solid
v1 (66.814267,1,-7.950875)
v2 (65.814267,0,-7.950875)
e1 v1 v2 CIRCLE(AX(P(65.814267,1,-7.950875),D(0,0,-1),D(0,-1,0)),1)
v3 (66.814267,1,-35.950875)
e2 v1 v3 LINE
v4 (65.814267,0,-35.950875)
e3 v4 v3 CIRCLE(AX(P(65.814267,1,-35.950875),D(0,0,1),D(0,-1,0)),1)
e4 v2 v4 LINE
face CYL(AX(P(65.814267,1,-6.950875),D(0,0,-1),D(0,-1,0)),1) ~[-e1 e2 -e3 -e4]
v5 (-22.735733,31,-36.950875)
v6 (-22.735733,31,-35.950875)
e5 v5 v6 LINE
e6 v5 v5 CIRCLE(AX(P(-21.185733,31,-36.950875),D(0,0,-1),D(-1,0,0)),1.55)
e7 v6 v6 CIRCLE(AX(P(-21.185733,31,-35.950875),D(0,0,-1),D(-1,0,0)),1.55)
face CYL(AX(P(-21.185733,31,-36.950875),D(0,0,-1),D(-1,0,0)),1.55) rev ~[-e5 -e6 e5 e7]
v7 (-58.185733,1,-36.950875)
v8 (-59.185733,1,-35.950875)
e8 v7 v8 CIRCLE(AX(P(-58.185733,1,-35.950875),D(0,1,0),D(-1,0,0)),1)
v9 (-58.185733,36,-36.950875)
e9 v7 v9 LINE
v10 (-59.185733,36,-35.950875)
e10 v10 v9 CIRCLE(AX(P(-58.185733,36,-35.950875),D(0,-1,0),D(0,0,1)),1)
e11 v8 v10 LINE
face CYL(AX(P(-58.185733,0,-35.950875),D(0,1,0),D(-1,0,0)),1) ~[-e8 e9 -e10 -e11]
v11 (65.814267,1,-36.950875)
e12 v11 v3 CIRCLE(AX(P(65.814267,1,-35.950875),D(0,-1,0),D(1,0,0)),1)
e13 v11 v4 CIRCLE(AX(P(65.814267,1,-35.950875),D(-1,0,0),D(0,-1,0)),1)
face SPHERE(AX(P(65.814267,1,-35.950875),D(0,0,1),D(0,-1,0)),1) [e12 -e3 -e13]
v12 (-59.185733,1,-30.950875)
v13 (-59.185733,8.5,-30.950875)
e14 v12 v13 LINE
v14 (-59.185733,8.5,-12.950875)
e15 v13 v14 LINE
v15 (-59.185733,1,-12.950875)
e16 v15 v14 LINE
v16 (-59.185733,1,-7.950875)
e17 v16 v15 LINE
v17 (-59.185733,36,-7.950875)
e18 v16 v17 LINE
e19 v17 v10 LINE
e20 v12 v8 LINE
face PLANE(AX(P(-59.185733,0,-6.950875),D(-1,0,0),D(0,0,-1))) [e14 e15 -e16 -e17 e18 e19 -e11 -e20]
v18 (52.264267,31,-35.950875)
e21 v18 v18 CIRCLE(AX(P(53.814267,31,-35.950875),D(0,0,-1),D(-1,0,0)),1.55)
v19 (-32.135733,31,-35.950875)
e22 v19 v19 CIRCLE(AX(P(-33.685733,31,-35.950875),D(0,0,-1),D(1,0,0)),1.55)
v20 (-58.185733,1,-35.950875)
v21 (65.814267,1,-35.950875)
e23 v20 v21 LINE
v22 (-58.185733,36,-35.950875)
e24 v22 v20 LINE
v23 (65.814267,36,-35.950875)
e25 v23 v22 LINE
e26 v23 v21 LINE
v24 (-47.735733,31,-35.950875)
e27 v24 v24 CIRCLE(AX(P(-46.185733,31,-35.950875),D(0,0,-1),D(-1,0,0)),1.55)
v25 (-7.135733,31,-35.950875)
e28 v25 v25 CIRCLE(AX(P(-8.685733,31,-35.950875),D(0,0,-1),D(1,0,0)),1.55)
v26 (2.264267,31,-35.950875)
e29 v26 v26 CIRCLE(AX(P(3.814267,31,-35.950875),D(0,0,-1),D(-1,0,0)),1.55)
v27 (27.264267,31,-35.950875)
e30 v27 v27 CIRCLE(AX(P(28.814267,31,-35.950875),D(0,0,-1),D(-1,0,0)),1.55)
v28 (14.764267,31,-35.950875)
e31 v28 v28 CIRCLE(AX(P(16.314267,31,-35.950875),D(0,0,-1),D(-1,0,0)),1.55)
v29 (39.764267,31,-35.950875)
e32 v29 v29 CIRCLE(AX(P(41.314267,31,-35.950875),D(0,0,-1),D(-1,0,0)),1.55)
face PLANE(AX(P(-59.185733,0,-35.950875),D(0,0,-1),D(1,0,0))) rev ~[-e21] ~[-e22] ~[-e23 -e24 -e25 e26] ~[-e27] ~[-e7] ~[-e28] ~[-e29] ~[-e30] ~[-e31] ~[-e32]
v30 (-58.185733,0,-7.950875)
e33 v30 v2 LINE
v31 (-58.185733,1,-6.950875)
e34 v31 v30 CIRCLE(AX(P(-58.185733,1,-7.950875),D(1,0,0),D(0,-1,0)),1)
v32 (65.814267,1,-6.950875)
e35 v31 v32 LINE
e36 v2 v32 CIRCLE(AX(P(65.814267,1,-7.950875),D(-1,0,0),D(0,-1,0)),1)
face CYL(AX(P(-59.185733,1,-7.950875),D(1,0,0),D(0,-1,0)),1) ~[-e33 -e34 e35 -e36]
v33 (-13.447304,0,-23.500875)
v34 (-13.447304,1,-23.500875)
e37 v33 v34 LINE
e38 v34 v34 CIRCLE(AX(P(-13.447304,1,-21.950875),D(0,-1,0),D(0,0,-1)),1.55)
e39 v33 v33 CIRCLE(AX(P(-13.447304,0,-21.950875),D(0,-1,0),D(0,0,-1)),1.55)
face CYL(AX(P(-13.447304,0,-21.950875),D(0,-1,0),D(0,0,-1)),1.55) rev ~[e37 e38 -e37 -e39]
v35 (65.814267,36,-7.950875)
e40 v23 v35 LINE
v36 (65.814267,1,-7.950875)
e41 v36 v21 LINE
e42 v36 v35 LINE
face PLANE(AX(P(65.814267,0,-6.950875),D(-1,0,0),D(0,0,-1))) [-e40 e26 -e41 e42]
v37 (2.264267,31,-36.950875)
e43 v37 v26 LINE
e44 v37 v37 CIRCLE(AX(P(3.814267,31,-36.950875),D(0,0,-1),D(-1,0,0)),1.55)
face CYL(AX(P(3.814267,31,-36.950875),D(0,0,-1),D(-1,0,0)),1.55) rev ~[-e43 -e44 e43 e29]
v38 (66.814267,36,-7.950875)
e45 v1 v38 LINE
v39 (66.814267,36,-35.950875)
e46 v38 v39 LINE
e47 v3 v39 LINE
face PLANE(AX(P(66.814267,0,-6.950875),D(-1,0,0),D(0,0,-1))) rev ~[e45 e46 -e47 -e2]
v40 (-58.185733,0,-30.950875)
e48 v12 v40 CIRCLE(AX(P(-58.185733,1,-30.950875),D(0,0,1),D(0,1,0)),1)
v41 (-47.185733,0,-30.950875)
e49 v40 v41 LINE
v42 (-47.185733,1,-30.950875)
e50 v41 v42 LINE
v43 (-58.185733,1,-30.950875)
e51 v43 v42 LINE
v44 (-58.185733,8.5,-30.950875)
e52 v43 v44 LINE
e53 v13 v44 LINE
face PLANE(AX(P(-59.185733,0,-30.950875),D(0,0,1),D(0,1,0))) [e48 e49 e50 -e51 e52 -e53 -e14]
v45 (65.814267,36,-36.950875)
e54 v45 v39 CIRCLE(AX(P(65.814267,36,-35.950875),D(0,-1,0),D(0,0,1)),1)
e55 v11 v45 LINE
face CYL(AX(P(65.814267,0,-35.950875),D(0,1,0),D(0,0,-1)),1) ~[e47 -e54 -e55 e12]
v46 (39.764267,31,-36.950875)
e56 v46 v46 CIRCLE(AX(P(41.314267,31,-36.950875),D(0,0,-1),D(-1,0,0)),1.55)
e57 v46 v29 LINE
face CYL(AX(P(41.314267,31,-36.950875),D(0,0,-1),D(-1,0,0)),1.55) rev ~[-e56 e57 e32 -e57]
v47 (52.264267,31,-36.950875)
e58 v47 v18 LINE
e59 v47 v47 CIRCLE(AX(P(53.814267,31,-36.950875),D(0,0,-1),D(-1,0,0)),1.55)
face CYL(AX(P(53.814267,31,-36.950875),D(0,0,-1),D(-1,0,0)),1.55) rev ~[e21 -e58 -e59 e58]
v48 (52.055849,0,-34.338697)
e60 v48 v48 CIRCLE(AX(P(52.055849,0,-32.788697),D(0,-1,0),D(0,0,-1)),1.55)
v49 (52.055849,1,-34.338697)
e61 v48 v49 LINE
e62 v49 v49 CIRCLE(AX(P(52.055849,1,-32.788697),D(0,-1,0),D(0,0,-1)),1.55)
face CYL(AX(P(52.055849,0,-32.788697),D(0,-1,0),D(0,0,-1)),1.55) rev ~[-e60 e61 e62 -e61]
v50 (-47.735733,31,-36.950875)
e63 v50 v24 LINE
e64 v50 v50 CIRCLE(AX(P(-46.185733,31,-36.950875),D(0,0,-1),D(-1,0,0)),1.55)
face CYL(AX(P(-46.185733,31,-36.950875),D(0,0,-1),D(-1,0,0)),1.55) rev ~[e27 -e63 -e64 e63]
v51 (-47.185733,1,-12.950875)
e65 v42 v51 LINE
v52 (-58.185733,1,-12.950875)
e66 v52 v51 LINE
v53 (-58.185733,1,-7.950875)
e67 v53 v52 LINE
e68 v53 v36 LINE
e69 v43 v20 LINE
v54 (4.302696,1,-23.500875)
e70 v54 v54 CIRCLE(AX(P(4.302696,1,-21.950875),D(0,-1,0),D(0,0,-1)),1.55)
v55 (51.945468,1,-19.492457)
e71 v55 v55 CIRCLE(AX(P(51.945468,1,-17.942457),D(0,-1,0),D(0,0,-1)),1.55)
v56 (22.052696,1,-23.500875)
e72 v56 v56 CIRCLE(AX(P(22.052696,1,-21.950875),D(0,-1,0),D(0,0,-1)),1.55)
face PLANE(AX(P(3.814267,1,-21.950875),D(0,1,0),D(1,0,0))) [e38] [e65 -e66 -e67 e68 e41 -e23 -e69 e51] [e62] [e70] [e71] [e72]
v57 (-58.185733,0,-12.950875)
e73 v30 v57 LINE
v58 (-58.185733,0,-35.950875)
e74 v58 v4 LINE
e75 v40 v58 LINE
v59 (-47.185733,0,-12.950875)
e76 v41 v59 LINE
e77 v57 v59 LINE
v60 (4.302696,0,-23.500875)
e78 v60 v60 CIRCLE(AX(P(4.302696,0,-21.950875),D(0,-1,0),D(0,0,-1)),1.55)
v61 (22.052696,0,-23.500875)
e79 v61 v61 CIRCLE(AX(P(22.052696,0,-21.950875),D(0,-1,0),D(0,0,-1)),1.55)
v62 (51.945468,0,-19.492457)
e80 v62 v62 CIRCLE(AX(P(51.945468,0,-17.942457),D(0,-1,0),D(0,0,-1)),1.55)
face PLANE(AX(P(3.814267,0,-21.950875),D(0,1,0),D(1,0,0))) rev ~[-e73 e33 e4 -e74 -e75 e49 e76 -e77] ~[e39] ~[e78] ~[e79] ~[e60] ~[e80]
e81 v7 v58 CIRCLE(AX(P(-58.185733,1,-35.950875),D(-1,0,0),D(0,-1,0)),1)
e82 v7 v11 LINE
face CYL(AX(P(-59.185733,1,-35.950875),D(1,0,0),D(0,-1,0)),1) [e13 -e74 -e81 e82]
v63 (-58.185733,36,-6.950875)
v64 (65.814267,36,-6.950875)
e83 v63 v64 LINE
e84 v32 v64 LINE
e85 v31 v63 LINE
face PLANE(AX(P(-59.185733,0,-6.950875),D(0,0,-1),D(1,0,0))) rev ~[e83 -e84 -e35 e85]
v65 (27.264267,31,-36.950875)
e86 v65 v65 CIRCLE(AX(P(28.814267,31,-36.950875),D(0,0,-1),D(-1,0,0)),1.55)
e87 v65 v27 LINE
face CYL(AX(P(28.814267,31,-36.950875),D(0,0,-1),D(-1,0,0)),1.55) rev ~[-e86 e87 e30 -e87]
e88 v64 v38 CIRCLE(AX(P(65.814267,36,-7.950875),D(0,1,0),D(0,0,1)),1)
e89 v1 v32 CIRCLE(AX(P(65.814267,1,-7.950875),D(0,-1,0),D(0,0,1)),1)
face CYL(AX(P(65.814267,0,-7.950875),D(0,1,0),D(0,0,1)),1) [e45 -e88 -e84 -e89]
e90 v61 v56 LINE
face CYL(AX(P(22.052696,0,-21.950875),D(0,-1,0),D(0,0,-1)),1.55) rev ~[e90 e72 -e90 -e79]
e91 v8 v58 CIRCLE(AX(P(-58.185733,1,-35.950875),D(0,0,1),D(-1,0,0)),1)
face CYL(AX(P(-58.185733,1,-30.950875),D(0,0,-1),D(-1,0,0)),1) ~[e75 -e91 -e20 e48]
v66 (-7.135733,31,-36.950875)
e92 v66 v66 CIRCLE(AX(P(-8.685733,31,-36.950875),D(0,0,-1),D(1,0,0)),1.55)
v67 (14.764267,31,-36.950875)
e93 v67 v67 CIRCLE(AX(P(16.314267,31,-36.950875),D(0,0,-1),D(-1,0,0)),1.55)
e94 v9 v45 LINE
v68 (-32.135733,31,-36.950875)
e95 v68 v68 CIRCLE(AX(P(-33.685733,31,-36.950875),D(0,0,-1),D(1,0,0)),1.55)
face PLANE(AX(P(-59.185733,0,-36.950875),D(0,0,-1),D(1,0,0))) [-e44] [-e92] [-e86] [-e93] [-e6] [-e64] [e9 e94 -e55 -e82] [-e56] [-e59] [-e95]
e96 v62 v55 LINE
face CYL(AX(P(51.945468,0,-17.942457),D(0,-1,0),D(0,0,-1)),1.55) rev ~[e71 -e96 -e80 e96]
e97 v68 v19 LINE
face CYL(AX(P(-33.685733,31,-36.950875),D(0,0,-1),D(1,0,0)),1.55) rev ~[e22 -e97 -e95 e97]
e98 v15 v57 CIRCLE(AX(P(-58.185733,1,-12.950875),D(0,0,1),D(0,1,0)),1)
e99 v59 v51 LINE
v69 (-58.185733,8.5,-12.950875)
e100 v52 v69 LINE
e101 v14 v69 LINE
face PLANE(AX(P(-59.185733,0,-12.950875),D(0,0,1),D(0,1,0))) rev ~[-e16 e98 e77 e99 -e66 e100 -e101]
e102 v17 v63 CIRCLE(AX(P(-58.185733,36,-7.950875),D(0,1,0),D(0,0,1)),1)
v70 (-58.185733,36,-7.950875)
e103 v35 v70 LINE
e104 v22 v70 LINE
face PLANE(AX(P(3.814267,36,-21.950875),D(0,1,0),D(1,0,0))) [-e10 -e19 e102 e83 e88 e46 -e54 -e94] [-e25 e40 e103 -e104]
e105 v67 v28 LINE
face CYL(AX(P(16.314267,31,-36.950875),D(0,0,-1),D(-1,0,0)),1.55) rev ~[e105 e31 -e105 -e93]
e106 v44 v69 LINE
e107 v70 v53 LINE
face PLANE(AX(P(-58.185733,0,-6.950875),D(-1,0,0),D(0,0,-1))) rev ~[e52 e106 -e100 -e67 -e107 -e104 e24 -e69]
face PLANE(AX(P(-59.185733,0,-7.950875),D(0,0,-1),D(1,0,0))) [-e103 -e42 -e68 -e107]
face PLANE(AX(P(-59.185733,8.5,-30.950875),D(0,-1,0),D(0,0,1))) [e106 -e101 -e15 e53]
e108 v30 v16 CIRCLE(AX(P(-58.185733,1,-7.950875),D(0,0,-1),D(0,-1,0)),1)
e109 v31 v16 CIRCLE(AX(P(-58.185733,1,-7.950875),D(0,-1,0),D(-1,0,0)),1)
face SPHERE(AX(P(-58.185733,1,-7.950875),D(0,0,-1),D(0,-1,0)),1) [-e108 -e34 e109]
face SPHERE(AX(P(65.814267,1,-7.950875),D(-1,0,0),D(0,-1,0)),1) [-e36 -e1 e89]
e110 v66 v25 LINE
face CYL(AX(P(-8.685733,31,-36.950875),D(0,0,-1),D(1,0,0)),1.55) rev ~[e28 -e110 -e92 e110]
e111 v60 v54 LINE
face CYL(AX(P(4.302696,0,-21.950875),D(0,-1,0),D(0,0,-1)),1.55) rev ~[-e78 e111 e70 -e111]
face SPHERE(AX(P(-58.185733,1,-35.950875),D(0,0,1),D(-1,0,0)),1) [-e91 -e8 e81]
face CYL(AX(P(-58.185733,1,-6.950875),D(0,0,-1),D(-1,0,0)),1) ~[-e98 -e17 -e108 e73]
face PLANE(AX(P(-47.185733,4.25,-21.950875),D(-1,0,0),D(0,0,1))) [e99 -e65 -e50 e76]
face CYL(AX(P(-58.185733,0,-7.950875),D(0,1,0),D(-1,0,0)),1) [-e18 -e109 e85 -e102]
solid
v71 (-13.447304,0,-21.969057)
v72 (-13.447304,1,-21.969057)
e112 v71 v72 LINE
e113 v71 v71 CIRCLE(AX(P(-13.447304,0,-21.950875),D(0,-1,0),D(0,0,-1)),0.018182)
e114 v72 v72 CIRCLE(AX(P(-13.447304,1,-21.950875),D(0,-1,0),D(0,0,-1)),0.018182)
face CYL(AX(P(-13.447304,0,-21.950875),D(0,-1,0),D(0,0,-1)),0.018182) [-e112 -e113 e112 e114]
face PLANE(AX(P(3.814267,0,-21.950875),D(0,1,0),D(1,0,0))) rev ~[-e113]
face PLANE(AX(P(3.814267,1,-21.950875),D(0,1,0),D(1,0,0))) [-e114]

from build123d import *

# Parameters (mm, degrees)
SKETCH_1_W          = 126
SKETCH_1_H          = 30
EXTRUDE_1_DEPTH     = 36
SHELL_1_T           = -1
SKETCH_2_W          = 18
SKETCH_2_H          = 8.5
CUT_EXTRUDE_1_DEPTH = 12
SKETCH_4_R          = 1.55
SKETCH_4_R_2        = 0.018181818
CUT_EXTRUDE_2_DEPTH = 12
FILLET_1_R          = 1
SKETCH_5_R          = 1.55
CUT_EXTRUDE_3_DEPTH = 10


with BuildPart() as part:
    # 草图1 → 凸台-拉伸1 (new body)
    with BuildSketch(Plane(origin=(0, 0, 0), x_dir=(1, 0, 0), z_dir=(0, 1, 0))):
        with Locations((3.814267375, 21.950874785)):
            Rectangle(SKETCH_1_W, SKETCH_1_H)
    extrude(amount=EXTRUDE_1_DEPTH)

    # 抽壳1
    shell_1_openings = [part.faces().sort_by_distance(p)[0] for p in [
        (3.814267375, 36, -21.950874785),
    ]]
    offset(amount=SHELL_1_T, openings=shell_1_openings, kind=Kind.INTERSECTION)

    # 草图2 → 切除-拉伸1 (cut)
    with BuildSketch(Plane.ZY.offset(59.185732625)):
        with Locations((-21.950874785, 4.25)):
            Rectangle(SKETCH_2_W, SKETCH_2_H)
    extrude(amount=-CUT_EXTRUDE_1_DEPTH, mode=Mode.SUBTRACT)

    # 草图4 → 切除-拉伸2 (cut)
    # profile 1 of 5: a face of its own
    with BuildSketch(Plane.XZ):
        with Locations(Location((-13.447304323, -21.950874785, 0), (0, 0, 270))):
            Circle(SKETCH_4_R)
        with Locations(Location((-13.447304323, -21.950874785, 0), (0, 0, 270))):
            Circle(SKETCH_4_R_2, mode=Mode.SUBTRACT)
    # profile 2 of 5: a face of its own
    with BuildSketch(Plane.XZ):
        with Locations(Location((4.302695677, -21.950874785, 0), (0, 0, 270))):
            Circle(SKETCH_4_R)
    # profile 3 of 5: a face of its own
    with BuildSketch(Plane.XZ):
        with Locations(Location((22.052695677, -21.950874785, 0), (0, 0, 270))):
            Circle(SKETCH_4_R)
    # profile 4 of 5: a face of its own
    with BuildSketch(Plane.XZ):
        with Locations(Location((51.945468235, -17.942457274, 0), (0, 0, 270))):
            Circle(SKETCH_4_R)
    # profile 5 of 5: a face of its own
    with BuildSketch(Plane.XZ):
        with Locations(Location((52.0558492, -32.788697079, 0), (0, 0, 270))):
            Circle(SKETCH_4_R)
    extrude(amount=-CUT_EXTRUDE_2_DEPTH, mode=Mode.SUBTRACT)


with BuildPart() as cut_extrude_2_piece_1:
    # of the separate pieces the step leaves, piece 1, a body of its own (cut_extrude_2_pieces)
    add(part.part.solids().sort_by_distance((-59.185732625, 0, -36.950874785))[0])

    # 圆角1
    fillet_1_edges = [cut_extrude_2_piece_1.edges().sort_by_distance(p)[0] for p in [
        (-59.185732625, 0, -33.950874785),
        (-59.185732625, 0, -9.950874785),
        (-59.185732625, 18, -36.950874785),
        (3.814267375, 0, -6.950874785),
        (-59.185732625, 18, -6.950874785),
        (66.814267375, 0, -21.950874785),
        (66.814267375, 18, -6.950874785),
        (3.814267375, 0, -36.950874785),
        (66.814267375, 18, -36.950874785),
    ]]
    fillet(fillet_1_edges, radius=FILLET_1_R)

    # 草图5 → 切除-拉伸3 (cut)
    with BuildSketch(Plane(origin=(0, 0, -36.950874785), x_dir=(-1, 0, 0), z_dir=(0, 0, -1))):
        with Locations((-28.814267375, 31)):
            Circle(SKETCH_5_R)
        with Locations((-53.814267375, 31)):
            Circle(SKETCH_5_R)
        with Locations((-3.814267375, 31)):
            Circle(SKETCH_5_R)
        with Locations((21.185732625, 31)):
            Circle(SKETCH_5_R)
        with Locations((46.185732625, 31)):
            Circle(SKETCH_5_R)
        with Locations((-41.314267375, 31)):
            Circle(SKETCH_5_R)
        with Locations((-16.314267375, 31)):
            Circle(SKETCH_5_R)
        with Locations(Location((8.685732625, 31, 0), (0, 0, 180))):
            Circle(SKETCH_5_R)
        with Locations(Location((33.685732625, 31, 0), (0, 0, 180))):
            Circle(SKETCH_5_R)
    extrude(amount=-CUT_EXTRUDE_3_DEPTH, mode=Mode.SUBTRACT)


with BuildPart() as cut_extrude_2_piece_2:
    # of the separate pieces the step leaves, piece 2, a body of its own (cut_extrude_2_pieces)
    add(part.part.solids().sort_by_distance((-13.447304323, 0, -21.969056603))[0])


solid = Compound([cut_extrude_2_piece_1.part, cut_extrude_2_piece_2.part])
